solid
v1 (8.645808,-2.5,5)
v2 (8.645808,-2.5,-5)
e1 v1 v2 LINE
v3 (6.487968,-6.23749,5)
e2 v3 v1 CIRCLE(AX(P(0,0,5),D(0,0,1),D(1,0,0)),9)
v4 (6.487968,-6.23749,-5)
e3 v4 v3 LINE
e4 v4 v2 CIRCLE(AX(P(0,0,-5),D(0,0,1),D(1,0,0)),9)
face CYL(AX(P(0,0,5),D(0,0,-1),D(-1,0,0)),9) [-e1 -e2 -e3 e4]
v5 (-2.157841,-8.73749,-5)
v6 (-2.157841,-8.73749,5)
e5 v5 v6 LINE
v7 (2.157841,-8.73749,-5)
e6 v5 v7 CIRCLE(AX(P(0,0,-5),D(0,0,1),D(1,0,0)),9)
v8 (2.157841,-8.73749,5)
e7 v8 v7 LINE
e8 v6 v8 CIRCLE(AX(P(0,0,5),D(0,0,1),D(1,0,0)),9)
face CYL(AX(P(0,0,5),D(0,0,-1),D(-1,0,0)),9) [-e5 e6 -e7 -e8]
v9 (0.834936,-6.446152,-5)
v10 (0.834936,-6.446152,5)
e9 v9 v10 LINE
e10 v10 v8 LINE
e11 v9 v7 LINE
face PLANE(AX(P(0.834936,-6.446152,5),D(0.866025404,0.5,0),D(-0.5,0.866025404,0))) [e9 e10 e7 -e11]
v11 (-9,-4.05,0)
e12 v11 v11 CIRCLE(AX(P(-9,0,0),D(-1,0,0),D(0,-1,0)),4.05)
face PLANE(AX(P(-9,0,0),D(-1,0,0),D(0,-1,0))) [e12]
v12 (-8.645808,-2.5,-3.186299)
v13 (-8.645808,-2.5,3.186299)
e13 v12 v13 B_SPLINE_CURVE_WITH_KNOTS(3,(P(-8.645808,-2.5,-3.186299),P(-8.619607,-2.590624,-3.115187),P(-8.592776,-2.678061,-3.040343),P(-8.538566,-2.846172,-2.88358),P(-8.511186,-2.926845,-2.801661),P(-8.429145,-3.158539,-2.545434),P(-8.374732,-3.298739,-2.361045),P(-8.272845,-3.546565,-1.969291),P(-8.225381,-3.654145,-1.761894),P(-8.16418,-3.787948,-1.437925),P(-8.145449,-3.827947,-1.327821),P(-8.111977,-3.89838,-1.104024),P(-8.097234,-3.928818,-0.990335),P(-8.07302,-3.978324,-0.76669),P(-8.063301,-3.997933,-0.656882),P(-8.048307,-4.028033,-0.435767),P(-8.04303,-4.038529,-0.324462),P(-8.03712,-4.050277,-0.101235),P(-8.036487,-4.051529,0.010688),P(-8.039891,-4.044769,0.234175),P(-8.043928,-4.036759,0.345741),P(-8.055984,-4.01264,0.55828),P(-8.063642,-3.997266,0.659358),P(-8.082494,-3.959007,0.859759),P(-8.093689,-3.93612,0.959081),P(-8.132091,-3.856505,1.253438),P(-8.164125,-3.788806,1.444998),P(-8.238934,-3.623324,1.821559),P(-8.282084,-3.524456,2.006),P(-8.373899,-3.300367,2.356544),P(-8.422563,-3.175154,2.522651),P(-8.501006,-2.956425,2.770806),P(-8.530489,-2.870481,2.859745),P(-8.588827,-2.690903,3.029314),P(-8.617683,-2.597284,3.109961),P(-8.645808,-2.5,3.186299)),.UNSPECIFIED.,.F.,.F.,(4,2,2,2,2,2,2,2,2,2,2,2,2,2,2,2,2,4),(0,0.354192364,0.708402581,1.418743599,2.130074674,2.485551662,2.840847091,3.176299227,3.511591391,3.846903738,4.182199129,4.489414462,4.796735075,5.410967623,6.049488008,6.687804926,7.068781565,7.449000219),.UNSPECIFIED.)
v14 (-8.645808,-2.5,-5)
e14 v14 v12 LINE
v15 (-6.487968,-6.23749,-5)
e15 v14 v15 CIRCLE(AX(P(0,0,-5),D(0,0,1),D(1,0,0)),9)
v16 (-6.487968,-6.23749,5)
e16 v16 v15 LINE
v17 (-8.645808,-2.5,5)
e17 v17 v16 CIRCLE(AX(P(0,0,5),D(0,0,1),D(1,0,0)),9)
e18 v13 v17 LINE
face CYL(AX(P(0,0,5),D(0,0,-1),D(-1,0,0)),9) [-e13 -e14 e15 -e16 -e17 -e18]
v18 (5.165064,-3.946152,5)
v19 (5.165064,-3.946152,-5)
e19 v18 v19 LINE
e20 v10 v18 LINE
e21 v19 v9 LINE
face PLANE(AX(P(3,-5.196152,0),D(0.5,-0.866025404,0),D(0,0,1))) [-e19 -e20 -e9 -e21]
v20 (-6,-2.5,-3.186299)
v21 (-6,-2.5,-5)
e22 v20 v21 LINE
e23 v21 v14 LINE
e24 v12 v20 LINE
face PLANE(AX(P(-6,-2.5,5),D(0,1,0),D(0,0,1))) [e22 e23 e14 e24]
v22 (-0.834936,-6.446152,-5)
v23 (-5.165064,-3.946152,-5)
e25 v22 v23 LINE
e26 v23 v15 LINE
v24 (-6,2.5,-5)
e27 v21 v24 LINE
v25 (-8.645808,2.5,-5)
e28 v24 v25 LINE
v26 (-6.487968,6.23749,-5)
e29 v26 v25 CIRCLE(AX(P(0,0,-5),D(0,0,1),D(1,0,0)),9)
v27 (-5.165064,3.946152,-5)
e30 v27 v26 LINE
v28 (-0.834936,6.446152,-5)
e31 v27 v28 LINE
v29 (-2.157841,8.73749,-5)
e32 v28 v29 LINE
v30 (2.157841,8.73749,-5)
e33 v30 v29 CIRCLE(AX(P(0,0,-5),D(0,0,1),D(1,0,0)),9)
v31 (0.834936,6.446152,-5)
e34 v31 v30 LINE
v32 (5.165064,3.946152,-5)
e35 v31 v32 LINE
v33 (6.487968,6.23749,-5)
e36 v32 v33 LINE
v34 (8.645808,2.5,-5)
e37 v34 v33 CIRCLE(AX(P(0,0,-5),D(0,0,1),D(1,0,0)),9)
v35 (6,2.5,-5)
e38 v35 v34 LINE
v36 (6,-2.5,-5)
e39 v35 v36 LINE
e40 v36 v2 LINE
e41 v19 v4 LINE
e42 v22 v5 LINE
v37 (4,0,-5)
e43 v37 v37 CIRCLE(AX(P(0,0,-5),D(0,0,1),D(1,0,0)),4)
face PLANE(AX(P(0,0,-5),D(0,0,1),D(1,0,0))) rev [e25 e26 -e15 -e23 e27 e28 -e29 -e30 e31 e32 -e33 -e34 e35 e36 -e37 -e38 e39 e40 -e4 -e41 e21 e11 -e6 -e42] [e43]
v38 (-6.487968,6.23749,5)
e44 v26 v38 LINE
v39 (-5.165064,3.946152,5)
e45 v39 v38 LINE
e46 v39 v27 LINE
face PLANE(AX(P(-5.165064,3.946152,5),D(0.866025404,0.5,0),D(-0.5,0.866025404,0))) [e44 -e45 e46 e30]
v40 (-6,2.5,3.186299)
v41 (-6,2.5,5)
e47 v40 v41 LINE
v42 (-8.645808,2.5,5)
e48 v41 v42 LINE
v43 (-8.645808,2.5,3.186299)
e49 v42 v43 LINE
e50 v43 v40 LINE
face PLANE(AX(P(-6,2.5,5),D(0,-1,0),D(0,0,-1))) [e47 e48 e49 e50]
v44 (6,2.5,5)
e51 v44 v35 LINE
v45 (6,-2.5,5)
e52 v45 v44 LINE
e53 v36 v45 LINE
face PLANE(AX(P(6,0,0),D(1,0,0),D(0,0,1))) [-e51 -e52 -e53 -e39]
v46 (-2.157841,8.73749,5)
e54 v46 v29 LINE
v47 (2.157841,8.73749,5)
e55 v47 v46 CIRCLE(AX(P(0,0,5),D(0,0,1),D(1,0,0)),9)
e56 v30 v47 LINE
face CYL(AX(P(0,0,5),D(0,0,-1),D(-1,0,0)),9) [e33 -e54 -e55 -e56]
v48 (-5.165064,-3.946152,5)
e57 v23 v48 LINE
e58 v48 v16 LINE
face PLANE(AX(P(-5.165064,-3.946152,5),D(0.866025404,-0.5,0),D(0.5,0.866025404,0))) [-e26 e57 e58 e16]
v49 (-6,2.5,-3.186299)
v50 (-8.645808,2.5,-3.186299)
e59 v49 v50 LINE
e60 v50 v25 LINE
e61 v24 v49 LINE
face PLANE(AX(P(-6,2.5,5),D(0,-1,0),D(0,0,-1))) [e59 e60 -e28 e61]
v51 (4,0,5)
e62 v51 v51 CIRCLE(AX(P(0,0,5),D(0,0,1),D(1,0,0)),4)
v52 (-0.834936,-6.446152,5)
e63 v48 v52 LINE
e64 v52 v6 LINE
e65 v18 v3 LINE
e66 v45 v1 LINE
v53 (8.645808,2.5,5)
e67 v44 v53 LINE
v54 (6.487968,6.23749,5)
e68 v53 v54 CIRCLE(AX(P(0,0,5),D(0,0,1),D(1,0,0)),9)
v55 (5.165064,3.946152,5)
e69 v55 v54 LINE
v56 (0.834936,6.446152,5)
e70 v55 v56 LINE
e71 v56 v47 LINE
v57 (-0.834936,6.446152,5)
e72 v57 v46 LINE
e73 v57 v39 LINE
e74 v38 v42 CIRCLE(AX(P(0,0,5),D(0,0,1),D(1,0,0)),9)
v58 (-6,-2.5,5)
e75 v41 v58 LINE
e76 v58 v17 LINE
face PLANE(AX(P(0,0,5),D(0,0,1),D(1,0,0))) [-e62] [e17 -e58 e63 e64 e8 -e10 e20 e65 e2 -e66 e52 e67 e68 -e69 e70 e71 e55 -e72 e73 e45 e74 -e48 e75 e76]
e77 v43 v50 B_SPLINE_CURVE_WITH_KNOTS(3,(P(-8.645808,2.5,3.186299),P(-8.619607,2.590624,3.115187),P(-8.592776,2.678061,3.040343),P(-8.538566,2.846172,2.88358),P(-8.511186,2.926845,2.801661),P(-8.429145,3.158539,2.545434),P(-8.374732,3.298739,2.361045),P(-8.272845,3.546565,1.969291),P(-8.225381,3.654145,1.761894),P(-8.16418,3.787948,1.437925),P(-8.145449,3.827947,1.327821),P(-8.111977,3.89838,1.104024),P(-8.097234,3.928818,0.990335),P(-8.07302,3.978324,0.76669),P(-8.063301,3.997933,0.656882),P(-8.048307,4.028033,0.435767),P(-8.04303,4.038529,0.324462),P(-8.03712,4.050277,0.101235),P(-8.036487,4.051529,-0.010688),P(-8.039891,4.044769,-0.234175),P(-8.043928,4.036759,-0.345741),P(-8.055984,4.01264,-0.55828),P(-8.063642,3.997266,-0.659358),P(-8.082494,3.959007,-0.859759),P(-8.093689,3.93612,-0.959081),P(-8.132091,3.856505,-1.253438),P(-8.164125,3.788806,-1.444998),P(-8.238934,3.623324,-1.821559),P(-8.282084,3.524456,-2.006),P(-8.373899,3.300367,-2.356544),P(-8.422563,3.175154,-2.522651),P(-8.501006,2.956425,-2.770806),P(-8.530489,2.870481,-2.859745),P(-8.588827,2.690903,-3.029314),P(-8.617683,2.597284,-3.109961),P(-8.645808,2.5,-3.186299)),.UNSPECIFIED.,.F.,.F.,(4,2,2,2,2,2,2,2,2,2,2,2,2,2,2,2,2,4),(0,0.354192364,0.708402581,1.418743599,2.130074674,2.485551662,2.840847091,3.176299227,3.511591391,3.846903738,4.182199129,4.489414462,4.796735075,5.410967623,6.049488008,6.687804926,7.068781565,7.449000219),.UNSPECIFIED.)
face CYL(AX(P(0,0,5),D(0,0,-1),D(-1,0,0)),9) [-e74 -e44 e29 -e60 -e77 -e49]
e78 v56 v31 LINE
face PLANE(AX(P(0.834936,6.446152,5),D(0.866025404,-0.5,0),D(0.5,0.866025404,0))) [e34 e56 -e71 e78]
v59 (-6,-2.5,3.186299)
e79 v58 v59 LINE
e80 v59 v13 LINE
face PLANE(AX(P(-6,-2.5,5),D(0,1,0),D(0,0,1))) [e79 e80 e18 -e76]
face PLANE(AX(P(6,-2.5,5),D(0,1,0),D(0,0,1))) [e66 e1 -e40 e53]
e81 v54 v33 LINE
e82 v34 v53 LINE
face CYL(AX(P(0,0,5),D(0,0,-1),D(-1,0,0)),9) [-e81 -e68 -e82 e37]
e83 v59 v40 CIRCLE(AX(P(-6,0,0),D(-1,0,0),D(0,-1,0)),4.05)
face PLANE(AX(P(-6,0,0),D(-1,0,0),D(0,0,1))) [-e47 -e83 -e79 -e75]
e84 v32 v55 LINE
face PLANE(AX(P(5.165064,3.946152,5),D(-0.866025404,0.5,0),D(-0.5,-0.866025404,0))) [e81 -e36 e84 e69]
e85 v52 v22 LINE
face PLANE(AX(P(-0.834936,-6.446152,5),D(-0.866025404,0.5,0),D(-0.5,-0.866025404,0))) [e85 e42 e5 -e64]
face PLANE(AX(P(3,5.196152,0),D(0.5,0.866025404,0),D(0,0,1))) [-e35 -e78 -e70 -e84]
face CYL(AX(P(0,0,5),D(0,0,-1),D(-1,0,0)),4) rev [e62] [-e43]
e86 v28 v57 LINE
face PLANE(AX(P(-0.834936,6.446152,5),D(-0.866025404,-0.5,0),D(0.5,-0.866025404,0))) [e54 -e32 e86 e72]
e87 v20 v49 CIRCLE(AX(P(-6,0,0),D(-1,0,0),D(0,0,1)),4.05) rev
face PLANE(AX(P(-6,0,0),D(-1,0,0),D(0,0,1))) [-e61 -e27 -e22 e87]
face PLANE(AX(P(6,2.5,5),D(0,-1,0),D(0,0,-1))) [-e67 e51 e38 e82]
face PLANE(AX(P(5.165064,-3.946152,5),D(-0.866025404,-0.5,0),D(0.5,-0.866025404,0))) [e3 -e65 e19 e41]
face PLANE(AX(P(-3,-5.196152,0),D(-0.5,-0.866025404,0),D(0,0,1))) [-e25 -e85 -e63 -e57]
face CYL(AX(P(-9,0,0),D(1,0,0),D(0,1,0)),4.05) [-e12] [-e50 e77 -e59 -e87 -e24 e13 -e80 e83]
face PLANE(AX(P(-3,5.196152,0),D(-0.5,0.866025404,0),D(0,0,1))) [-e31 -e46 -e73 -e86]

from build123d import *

# Parameters (mm, degrees)
SKETCH1_R           = 9
SKETCH1_R_2         = 4
BOSS_EXTRUDE1_DEPTH = 5
SKETCH2_W           = 5
SKETCH2_H           = 10
CUT_EXTRUDE3_DEPTH  = 3
CIRPATTERN1_COUNT   = 6
SKETCH3_R           = 4.05
BOSS_EXTRUDE2_DEPTH = 3


with BuildPart() as part:
    # Sketch1 → Boss-Extrude1 (new, symmetric)
    with BuildSketch(Plane.XY):
        Circle(SKETCH1_R)
        Circle(SKETCH1_R_2, mode=Mode.SUBTRACT)
    extrude(amount=BOSS_EXTRUDE1_DEPTH, both=True)

    # Sketch2 → Cut-Extrude3 (cut)
    with BuildSketch(Plane(origin=(-9, -17.193061184, 0), x_dir=(0, -1, 0), z_dir=(1, 0, 0))):
        with Locations((-17.193061184, 0)):
            Rectangle(SKETCH2_W, SKETCH2_H)
    cut_extrude3 = extrude(amount=CUT_EXTRUDE3_DEPTH, mode=Mode.SUBTRACT)

    # CirPattern1: Cut-Extrude3 ×6 about axis
    cirpattern1_axis = Axis((0, 0, 5), (0, 0, 1))
    for i in range(1, CIRPATTERN1_COUNT):
        add(cut_extrude3.rotate(cirpattern1_axis, i * 360 / CIRPATTERN1_COUNT), mode=Mode.SUBTRACT)

    # Sketch3 → Boss-Extrude2 (add)
    with BuildSketch(Plane(origin=(-6, 0, 0), x_dir=(0, -1, 0), z_dir=(-1, 0, 0))):
        Circle(SKETCH3_R)
    extrude(amount=BOSS_EXTRUDE2_DEPTH)


solid = part.part
